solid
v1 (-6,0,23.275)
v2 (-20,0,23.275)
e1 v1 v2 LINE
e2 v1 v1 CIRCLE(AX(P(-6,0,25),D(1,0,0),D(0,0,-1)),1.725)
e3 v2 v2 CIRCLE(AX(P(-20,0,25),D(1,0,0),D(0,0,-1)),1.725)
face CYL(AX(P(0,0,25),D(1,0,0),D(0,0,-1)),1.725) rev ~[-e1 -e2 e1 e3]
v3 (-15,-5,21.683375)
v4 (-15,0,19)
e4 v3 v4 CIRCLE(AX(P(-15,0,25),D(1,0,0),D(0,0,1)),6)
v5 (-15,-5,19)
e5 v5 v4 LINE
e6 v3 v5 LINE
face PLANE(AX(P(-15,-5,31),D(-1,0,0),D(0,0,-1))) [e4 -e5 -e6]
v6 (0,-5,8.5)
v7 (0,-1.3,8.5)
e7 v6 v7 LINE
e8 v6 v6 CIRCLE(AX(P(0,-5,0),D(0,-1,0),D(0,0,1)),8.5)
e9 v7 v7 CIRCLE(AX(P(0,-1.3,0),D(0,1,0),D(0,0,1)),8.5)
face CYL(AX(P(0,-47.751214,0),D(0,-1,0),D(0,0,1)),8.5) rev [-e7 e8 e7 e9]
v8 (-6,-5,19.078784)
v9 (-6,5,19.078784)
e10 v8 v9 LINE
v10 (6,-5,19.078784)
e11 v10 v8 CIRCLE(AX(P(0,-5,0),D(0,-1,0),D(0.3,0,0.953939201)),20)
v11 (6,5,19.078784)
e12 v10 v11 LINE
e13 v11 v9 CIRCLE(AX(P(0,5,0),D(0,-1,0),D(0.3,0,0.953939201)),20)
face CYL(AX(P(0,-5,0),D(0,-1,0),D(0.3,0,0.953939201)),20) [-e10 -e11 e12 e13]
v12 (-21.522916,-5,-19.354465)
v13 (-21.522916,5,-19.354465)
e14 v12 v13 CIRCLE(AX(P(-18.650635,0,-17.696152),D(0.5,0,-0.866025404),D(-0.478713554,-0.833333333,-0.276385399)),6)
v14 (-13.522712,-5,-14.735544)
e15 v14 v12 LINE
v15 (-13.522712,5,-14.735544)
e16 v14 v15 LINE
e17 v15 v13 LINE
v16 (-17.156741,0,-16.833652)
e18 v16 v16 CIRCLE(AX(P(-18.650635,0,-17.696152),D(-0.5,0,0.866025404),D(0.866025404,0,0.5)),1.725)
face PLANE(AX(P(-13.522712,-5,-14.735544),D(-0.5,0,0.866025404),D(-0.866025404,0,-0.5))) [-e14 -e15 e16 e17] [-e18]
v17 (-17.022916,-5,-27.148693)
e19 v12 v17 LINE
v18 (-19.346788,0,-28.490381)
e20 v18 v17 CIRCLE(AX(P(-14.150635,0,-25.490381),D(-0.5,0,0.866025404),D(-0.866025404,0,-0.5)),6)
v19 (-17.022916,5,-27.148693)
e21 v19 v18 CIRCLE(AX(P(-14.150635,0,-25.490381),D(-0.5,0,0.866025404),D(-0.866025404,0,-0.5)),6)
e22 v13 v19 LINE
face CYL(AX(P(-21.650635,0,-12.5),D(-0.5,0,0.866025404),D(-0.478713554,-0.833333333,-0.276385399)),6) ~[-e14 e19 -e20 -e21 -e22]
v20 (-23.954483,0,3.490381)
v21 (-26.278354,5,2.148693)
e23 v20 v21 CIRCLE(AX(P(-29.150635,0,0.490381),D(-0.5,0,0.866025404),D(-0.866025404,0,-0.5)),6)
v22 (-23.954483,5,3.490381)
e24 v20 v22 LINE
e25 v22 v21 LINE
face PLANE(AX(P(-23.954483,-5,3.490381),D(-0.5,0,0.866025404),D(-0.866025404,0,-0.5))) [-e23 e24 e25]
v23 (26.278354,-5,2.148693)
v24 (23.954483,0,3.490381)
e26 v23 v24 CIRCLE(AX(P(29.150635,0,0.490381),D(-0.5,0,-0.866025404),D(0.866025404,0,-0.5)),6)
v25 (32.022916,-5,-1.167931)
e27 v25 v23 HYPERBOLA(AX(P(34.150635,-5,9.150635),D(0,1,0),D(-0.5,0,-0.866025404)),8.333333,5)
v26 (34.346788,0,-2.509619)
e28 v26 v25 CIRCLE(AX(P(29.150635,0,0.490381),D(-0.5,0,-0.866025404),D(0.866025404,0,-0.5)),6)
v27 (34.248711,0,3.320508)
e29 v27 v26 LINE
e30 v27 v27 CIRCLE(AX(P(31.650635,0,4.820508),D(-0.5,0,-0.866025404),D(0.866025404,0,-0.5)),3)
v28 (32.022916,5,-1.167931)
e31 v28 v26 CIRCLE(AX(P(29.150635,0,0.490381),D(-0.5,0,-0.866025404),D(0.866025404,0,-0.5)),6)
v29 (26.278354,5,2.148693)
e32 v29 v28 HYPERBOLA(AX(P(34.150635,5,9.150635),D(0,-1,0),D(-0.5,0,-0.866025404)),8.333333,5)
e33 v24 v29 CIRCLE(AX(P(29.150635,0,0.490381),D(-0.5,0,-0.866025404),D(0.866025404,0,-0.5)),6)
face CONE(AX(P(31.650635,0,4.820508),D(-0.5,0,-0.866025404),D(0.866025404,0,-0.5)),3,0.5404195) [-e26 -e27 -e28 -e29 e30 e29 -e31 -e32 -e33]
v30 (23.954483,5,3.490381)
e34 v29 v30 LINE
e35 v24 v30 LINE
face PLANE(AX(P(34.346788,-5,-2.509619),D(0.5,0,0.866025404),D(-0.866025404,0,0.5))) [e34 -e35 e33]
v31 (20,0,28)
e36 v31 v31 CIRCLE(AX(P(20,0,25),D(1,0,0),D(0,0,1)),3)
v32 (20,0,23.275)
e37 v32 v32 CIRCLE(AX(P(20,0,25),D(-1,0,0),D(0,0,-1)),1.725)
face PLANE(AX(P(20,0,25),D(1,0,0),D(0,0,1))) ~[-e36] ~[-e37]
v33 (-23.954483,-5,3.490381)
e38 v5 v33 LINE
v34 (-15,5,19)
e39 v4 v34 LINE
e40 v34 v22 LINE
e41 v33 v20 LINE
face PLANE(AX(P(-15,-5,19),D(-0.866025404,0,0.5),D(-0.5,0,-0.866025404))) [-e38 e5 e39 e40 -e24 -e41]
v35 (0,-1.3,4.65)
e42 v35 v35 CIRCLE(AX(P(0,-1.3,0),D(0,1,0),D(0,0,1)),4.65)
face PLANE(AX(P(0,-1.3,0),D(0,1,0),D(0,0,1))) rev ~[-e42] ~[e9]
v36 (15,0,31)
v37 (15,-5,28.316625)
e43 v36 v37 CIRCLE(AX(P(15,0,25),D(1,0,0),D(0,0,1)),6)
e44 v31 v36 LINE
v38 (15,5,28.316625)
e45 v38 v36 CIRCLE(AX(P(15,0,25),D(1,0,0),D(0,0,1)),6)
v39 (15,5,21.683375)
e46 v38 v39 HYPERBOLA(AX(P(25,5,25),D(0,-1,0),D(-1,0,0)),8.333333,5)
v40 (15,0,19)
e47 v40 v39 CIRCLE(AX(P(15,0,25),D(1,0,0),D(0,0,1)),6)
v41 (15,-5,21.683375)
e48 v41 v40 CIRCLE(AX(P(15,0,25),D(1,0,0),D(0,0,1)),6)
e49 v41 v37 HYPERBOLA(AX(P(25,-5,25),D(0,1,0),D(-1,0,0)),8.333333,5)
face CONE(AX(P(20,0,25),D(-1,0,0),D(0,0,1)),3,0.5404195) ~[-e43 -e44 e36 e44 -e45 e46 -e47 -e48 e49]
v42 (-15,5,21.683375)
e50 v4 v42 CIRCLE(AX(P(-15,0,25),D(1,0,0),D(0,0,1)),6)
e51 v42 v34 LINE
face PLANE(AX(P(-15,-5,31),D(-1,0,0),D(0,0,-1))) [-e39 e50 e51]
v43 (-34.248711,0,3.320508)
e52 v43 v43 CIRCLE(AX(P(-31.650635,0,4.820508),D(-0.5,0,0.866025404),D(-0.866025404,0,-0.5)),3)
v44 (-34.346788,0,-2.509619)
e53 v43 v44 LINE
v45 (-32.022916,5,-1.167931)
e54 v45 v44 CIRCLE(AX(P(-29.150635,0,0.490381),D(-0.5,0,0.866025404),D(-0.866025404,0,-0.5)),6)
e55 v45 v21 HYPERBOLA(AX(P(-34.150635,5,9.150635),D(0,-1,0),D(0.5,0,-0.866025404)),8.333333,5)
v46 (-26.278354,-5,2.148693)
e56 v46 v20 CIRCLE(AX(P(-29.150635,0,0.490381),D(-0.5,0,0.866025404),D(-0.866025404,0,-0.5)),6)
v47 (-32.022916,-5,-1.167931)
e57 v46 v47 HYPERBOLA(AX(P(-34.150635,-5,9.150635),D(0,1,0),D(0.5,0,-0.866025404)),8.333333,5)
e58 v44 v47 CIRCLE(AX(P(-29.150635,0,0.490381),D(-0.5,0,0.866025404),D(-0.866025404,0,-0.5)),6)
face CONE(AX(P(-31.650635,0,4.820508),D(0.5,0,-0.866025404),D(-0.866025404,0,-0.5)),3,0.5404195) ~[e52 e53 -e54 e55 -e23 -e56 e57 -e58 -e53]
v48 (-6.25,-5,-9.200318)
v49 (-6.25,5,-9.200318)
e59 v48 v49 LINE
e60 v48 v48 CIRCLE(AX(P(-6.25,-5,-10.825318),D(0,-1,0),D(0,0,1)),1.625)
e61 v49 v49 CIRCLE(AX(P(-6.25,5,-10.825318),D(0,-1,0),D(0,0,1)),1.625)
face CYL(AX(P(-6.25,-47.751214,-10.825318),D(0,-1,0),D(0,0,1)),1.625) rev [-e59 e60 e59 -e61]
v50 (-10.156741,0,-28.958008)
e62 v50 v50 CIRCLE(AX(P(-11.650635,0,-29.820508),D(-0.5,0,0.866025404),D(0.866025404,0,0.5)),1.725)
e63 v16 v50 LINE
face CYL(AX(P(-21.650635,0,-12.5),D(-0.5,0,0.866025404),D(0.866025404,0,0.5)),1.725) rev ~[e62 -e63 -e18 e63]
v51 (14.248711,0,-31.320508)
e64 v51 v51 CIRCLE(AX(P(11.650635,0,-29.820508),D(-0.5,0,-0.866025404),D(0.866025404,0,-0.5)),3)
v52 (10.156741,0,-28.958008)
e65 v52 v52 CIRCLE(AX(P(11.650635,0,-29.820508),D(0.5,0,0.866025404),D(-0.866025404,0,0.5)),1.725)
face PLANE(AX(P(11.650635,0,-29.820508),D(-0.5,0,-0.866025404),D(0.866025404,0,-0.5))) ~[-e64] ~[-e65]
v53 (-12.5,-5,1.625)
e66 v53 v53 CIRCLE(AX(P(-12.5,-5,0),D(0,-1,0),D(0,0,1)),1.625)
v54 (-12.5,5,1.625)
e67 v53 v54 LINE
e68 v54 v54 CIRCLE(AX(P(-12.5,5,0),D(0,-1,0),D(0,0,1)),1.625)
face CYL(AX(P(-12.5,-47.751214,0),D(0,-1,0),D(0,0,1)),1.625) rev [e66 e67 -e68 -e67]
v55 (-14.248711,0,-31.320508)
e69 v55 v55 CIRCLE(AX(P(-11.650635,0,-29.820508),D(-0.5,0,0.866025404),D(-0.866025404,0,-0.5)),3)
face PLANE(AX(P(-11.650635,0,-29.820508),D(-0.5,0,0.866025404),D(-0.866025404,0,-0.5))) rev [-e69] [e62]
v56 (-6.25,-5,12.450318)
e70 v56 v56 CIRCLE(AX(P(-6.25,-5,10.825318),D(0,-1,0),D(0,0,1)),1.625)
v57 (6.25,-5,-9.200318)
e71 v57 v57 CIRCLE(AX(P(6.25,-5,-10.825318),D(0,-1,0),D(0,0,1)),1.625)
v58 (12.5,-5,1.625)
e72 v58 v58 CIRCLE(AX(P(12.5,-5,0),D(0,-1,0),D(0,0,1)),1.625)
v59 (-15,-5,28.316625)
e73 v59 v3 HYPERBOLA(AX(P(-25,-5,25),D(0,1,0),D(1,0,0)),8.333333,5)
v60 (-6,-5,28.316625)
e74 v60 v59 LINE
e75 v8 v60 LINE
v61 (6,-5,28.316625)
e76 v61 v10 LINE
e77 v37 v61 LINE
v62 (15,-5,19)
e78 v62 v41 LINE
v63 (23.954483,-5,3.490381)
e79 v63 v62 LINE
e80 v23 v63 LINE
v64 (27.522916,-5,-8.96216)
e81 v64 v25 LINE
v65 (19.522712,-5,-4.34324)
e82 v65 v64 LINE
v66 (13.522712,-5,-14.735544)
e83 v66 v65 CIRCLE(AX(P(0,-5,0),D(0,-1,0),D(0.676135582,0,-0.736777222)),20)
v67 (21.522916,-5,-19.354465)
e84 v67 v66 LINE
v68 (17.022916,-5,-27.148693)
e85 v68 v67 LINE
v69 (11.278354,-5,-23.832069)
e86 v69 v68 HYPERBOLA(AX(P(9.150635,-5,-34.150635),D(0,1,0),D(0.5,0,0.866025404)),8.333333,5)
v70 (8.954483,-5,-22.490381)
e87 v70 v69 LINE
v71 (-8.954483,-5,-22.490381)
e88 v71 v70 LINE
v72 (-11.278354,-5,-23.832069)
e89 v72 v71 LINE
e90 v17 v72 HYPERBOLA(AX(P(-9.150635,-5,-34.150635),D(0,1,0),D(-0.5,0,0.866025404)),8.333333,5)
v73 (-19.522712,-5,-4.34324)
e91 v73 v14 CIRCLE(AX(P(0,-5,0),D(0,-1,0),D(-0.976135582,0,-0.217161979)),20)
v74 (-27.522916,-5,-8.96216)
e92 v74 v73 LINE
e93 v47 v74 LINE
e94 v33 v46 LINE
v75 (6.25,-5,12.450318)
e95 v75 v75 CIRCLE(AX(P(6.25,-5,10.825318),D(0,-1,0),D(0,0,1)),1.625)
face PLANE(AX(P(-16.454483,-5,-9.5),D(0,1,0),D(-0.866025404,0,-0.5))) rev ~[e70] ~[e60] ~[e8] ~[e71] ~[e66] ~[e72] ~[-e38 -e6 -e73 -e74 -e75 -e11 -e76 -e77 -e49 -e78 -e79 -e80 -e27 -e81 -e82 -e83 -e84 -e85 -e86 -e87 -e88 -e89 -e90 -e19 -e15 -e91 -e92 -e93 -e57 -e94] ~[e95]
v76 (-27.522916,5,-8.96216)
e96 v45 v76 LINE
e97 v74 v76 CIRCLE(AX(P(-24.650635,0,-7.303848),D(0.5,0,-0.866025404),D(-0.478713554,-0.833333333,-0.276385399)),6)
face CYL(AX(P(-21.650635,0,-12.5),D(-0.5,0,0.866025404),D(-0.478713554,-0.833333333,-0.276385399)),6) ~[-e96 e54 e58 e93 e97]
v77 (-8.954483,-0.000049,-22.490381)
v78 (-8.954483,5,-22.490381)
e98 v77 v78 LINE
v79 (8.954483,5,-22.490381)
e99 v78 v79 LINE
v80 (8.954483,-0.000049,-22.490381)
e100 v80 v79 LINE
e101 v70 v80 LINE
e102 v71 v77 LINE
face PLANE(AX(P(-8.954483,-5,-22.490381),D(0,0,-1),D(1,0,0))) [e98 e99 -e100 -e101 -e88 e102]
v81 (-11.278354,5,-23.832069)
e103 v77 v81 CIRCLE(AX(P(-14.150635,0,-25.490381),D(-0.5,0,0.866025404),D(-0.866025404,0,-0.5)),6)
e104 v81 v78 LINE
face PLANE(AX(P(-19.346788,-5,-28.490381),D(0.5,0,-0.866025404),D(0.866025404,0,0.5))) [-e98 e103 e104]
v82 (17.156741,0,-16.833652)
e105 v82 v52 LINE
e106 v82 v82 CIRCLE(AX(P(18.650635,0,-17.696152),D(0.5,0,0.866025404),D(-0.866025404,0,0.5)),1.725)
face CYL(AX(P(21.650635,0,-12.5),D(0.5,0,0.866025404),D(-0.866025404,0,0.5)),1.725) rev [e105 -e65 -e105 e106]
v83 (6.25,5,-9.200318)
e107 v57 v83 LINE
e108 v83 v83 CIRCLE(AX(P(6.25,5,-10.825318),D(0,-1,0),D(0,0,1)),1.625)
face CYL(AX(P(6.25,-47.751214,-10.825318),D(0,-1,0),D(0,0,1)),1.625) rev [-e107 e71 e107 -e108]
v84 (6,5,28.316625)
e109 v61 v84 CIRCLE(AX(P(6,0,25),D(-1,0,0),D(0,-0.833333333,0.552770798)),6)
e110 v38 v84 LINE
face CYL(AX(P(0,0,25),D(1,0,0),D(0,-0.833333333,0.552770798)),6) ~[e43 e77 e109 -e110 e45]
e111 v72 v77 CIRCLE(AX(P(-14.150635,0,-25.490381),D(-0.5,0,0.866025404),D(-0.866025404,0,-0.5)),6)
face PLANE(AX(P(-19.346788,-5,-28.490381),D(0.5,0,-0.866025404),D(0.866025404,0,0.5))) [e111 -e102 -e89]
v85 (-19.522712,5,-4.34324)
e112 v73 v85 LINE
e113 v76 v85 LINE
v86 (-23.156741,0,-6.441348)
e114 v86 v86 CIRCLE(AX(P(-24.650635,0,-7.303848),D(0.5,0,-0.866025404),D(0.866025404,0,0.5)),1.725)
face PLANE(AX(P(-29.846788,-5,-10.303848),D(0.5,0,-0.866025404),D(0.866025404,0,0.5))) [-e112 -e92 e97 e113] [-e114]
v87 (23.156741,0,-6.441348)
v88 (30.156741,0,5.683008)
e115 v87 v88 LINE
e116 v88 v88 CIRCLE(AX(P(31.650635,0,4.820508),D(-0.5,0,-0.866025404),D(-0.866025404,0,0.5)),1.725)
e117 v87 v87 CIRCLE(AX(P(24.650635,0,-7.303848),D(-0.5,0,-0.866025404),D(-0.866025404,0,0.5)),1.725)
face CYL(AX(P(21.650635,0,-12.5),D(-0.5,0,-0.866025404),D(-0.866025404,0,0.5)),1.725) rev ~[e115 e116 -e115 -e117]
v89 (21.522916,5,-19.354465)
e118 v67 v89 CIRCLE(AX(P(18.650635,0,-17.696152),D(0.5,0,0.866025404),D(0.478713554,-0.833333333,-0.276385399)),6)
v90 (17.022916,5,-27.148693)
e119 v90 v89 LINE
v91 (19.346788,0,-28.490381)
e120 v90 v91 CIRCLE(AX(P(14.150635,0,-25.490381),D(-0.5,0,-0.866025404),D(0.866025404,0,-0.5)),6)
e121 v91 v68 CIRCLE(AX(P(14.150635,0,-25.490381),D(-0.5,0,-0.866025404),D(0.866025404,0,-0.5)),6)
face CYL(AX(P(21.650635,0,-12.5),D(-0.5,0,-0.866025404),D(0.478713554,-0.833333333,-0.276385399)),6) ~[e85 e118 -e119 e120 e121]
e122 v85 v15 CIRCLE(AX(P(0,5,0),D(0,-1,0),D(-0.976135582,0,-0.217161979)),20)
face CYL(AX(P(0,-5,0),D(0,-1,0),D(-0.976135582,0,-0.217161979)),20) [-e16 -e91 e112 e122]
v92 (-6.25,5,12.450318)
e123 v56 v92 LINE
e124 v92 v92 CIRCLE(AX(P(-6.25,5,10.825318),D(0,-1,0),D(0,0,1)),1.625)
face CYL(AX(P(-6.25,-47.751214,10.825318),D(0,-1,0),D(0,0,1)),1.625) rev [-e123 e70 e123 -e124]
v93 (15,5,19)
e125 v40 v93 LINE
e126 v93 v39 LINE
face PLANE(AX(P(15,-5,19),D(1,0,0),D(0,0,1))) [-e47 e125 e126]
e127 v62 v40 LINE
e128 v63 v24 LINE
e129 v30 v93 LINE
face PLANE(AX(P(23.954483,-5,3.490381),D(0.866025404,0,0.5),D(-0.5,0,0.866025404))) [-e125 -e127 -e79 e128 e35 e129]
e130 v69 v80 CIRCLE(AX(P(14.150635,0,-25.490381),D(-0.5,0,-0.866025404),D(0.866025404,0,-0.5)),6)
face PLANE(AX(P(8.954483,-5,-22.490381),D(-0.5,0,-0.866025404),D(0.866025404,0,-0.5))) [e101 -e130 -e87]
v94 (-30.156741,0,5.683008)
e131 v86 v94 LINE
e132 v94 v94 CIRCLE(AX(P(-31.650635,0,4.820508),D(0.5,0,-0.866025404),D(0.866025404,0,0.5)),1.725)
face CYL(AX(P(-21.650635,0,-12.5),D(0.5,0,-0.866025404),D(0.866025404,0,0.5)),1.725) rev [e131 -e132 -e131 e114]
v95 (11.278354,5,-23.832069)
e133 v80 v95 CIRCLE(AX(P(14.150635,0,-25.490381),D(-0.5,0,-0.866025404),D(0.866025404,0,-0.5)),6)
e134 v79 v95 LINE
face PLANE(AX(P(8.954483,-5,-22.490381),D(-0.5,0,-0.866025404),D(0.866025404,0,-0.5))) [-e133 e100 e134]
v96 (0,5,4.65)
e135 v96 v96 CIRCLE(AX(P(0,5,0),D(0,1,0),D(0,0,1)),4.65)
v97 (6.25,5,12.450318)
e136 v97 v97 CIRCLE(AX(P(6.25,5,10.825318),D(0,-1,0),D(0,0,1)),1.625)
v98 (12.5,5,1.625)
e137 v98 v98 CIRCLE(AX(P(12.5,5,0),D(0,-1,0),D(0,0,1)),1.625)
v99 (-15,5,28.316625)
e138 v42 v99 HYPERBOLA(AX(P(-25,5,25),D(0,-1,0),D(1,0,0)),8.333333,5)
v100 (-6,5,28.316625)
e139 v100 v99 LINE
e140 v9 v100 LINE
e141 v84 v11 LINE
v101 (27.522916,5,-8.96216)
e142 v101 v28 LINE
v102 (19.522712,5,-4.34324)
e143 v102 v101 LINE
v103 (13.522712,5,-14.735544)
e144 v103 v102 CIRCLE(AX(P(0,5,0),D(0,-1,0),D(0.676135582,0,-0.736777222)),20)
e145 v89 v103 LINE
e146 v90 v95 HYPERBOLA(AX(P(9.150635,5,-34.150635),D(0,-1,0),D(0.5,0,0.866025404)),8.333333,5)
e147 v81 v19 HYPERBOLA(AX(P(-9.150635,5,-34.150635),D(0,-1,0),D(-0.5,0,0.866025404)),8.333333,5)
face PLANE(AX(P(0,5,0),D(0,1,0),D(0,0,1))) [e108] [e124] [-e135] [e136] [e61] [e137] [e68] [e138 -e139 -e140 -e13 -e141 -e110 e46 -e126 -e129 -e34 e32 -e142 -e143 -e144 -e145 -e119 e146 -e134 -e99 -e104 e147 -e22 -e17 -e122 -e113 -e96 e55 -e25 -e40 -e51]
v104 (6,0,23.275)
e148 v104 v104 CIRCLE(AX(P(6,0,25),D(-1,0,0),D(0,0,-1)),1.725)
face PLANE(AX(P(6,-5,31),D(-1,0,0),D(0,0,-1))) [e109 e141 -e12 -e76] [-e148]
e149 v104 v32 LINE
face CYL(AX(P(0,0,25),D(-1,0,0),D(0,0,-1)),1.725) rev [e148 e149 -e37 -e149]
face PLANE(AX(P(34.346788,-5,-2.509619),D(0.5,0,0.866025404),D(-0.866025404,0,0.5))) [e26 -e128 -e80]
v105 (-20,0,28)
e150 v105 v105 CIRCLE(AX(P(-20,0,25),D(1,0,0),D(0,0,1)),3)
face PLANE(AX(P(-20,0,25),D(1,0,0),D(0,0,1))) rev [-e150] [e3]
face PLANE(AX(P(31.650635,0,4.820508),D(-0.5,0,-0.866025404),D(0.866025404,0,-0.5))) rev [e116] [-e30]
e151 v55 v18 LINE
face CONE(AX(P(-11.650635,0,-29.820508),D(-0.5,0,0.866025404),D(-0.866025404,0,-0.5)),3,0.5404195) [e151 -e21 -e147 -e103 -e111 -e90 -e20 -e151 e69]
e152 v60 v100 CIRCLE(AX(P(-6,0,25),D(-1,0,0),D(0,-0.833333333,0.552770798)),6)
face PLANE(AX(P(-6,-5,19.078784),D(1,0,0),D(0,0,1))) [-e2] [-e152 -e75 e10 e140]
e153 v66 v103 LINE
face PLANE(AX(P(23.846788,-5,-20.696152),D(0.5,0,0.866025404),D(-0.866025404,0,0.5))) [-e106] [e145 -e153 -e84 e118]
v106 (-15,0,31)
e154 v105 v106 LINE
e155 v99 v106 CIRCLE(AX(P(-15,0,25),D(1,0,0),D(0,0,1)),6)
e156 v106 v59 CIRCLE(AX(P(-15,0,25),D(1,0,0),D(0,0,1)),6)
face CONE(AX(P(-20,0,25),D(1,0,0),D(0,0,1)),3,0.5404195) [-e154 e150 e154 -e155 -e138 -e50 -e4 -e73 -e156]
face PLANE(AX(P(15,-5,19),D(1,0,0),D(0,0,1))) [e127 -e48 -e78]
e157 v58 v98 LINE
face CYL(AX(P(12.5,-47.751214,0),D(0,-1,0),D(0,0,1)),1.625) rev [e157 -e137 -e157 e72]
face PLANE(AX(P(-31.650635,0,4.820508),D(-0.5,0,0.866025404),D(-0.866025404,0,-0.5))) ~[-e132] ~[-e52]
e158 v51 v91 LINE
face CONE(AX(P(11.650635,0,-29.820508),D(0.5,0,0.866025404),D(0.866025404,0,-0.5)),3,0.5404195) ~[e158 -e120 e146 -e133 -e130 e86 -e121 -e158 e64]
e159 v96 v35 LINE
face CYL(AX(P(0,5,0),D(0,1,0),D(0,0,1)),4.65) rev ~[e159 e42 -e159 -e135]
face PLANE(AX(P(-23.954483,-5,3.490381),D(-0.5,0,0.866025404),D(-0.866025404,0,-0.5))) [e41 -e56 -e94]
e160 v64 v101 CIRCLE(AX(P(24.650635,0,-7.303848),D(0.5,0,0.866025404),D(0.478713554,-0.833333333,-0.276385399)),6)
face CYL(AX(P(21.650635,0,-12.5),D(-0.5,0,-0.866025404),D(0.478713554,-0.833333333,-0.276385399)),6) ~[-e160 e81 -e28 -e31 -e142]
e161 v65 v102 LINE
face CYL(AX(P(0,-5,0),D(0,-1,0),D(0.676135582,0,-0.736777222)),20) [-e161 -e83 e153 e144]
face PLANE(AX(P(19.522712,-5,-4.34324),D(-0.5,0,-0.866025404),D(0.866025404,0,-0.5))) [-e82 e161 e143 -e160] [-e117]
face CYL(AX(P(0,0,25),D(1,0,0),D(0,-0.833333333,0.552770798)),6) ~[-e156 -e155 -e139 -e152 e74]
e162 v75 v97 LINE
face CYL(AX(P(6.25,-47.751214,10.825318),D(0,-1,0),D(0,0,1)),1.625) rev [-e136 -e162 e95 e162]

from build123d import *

# Parameters (mm, degrees)
BOSS_EXTRUDE1_DEPTH      = 5
BOSS_EXTRUDE1_DEPTH_BACK = 5
CIRPATTERN1_COUNT        = 3
SKETCH7_R                = 1.725
CUT_EXTRUDE2_DEPTH       = 47.868710659
CIRPATTERN2_COUNT        = 3
CUT_EXTRUDE3_DEPTH       = 47.751214304
CUT_EXTRUDE3_DEPTH_BACK  = 47.751214304
SKETCH8_R                = 8.5
SKETCH8_R_2              = 1.625
SKETCH9_R                = 8.5
SKETCH9_R_2              = 4.65
BOSS_EXTRUDE2_DEPTH      = 6.3


with BuildPart() as part:
    # Sketch4 → Boss-Extrude1 (new, two sides: drawn at the far end of the back side and taken through both)
    with BuildSketch(Plane(origin=(0, 0, 0), x_dir=(1, 0, 0), z_dir=(0, 1, 0)).offset(-BOSS_EXTRUDE1_DEPTH_BACK)):
        with BuildLine():
            Line((23.846787517, 20.696152423), (13.522711642, 14.735544437))
            ThreePointArc((13.522711642, 14.735544437), (17.320508076, 10), (19.522711642, 4.343239591))
            Line((19.522711642, 4.343239591), (29.846787517, 10.303847577))
            Line((29.846787517, 10.303847577), (34.346787517, 2.509618943))
            Line((34.346787517, 2.509618943), (23.954482672, -3.490381057))
            Line((23.954482672, -3.490381057), (15, -19))
            Line((15, -19), (15, -31))
            Line((15, -31), (6, -31))
            Line((6, -31), (6, -19.078784028))
            ThreePointArc((6, -19.078784028), (0, -20), (-6, -19.078784028))
            Line((-6, -19.078784028), (-6, -31))
            Line((-6, -31), (-15, -31))
            Line((-15, -31), (-15, -19))
            Line((-15, -19), (-23.954482672, -3.490381057))
            Line((-23.954482672, -3.490381057), (-34.346787517, 2.509618943))
            Line((-34.346787517, 2.509618943), (-29.846787517, 10.303847577))
            Line((-29.846787517, 10.303847577), (-19.522711642, 4.343239591))
            ThreePointArc((-19.522711642, 4.343239591), (-17.320508076, 10), (-13.522711642, 14.735544437))
            Line((-13.522711642, 14.735544437), (-23.846787517, 20.696152423))
            Line((-23.846787517, 20.696152423), (-19.346787517, 28.490381057))
            Line((-19.346787517, 28.490381057), (-8.954482672, 22.490381057))
            Line((-8.954482672, 22.490381057), (8.954482672, 22.490381057))
            Line((8.954482672, 22.490381057), (19.346787517, 28.490381057))
            Line((19.346787517, 28.490381057), (23.846787517, 20.696152423))
        make_face()
    extrude(amount=BOSS_EXTRUDE1_DEPTH + BOSS_EXTRUDE1_DEPTH_BACK)

    # Sketch6 → Revolve1 (revolve)
    with BuildSketch(Plane(origin=(0, 0, 0), x_dir=(1, 0, 0), z_dir=(0, 1, 0))):
        Polygon((-15, -25), (-20, -25), (-20, -28), (-15, -31), align=None)
        Polygon((15, -31), (15, -25), (20, -25), (20, -28), align=None)
    revolve1 = revolve(axis=Axis((-15, 0, 25), (1, 0, 0)))

    # CirPattern1: Revolve1 ×3 about axis
    cirpattern1_axis = Axis((0, 0, 0), (0, 1, 0))
    for i in range(1, CIRPATTERN1_COUNT):
        add(revolve1.rotate(cirpattern1_axis, i * 360 / CIRPATTERN1_COUNT))

    # Sketch7 → Cut-Extrude2 (cut, symmetric)
    with BuildSketch(Plane(origin=(0, 0, 0), x_dir=(0, 0, -1), z_dir=(1, 0, 0))):
        with Locations((-25, 0)):
            Circle(SKETCH7_R)
        with BuildLine():
            Line((-28.31662479, 5), (-19, 5))
            Line((-19, 5), (-19, 25))
            Line((-19, 25), (-39, 25))
            Line((-39, 25), (-39, -25))
            Line((-39, -25), (-19, -25))
            Line((-19, -25), (-19, -5))
            Line((-19, -5), (-28.31662479, -5))
            ThreePointArc((-28.31662479, -5), (-31, 0), (-28.31662479, 5))
        make_face()
    cut_extrude2 = extrude(amount=CUT_EXTRUDE2_DEPTH, both=True, mode=Mode.SUBTRACT)

    # CirPattern2: Cut-Extrude2 ×3 about axis
    cirpattern2_axis = Axis((0, 5, 0), (0, 1, 0))
    for i in range(1, CIRPATTERN2_COUNT):
        add(cut_extrude2.rotate(cirpattern2_axis, i * 360 / CIRPATTERN2_COUNT), mode=Mode.SUBTRACT)

    # Sketch8 → Cut-Extrude3 (cut, two sides: drawn at the far end of the back side and taken through both)
    with BuildSketch(Plane(origin=(0, 0, 0), x_dir=(1, 0, 0), z_dir=(0, 1, 0)).offset(-CUT_EXTRUDE3_DEPTH_BACK)):
        with Locations(Location((0, 0, 0), (0, 0, 270))):
            Circle(SKETCH8_R)
        with Locations(Location((-12.5, 0, 0), (0, 0, 270))):
            Circle(SKETCH8_R_2)
        with Locations(Location((-6.25, 10.825317547, 0), (0, 0, 270))):
            Circle(SKETCH8_R_2)
        with Locations(Location((6.25, 10.825317547, 0), (0, 0, 270))):
            Circle(SKETCH8_R_2)
        with Locations(Location((12.5, 0, 0), (0, 0, 270))):
            Circle(SKETCH8_R_2)
        with Locations(Location((6.25, -10.825317547, 0), (0, 0, 270))):
            Circle(SKETCH8_R_2)
        with Locations(Location((-6.25, -10.825317547, 0), (0, 0, 270))):
            Circle(SKETCH8_R_2)
    extrude(amount=CUT_EXTRUDE3_DEPTH + CUT_EXTRUDE3_DEPTH_BACK, mode=Mode.SUBTRACT)

    # Sketch9 → Boss-Extrude2 (add)
    with BuildSketch(Plane(origin=(0, 5, 0), x_dir=(1, 0, 0), z_dir=(0, 1, 0))):
        with Locations(Location((0, 0, 0), (0, 0, 270))):
            Circle(SKETCH9_R)
        with Locations(Location((0, 0, 0), (0, 0, 270))):
            Circle(SKETCH9_R_2, mode=Mode.SUBTRACT)
    extrude(amount=-BOSS_EXTRUDE2_DEPTH)


solid = part.part
